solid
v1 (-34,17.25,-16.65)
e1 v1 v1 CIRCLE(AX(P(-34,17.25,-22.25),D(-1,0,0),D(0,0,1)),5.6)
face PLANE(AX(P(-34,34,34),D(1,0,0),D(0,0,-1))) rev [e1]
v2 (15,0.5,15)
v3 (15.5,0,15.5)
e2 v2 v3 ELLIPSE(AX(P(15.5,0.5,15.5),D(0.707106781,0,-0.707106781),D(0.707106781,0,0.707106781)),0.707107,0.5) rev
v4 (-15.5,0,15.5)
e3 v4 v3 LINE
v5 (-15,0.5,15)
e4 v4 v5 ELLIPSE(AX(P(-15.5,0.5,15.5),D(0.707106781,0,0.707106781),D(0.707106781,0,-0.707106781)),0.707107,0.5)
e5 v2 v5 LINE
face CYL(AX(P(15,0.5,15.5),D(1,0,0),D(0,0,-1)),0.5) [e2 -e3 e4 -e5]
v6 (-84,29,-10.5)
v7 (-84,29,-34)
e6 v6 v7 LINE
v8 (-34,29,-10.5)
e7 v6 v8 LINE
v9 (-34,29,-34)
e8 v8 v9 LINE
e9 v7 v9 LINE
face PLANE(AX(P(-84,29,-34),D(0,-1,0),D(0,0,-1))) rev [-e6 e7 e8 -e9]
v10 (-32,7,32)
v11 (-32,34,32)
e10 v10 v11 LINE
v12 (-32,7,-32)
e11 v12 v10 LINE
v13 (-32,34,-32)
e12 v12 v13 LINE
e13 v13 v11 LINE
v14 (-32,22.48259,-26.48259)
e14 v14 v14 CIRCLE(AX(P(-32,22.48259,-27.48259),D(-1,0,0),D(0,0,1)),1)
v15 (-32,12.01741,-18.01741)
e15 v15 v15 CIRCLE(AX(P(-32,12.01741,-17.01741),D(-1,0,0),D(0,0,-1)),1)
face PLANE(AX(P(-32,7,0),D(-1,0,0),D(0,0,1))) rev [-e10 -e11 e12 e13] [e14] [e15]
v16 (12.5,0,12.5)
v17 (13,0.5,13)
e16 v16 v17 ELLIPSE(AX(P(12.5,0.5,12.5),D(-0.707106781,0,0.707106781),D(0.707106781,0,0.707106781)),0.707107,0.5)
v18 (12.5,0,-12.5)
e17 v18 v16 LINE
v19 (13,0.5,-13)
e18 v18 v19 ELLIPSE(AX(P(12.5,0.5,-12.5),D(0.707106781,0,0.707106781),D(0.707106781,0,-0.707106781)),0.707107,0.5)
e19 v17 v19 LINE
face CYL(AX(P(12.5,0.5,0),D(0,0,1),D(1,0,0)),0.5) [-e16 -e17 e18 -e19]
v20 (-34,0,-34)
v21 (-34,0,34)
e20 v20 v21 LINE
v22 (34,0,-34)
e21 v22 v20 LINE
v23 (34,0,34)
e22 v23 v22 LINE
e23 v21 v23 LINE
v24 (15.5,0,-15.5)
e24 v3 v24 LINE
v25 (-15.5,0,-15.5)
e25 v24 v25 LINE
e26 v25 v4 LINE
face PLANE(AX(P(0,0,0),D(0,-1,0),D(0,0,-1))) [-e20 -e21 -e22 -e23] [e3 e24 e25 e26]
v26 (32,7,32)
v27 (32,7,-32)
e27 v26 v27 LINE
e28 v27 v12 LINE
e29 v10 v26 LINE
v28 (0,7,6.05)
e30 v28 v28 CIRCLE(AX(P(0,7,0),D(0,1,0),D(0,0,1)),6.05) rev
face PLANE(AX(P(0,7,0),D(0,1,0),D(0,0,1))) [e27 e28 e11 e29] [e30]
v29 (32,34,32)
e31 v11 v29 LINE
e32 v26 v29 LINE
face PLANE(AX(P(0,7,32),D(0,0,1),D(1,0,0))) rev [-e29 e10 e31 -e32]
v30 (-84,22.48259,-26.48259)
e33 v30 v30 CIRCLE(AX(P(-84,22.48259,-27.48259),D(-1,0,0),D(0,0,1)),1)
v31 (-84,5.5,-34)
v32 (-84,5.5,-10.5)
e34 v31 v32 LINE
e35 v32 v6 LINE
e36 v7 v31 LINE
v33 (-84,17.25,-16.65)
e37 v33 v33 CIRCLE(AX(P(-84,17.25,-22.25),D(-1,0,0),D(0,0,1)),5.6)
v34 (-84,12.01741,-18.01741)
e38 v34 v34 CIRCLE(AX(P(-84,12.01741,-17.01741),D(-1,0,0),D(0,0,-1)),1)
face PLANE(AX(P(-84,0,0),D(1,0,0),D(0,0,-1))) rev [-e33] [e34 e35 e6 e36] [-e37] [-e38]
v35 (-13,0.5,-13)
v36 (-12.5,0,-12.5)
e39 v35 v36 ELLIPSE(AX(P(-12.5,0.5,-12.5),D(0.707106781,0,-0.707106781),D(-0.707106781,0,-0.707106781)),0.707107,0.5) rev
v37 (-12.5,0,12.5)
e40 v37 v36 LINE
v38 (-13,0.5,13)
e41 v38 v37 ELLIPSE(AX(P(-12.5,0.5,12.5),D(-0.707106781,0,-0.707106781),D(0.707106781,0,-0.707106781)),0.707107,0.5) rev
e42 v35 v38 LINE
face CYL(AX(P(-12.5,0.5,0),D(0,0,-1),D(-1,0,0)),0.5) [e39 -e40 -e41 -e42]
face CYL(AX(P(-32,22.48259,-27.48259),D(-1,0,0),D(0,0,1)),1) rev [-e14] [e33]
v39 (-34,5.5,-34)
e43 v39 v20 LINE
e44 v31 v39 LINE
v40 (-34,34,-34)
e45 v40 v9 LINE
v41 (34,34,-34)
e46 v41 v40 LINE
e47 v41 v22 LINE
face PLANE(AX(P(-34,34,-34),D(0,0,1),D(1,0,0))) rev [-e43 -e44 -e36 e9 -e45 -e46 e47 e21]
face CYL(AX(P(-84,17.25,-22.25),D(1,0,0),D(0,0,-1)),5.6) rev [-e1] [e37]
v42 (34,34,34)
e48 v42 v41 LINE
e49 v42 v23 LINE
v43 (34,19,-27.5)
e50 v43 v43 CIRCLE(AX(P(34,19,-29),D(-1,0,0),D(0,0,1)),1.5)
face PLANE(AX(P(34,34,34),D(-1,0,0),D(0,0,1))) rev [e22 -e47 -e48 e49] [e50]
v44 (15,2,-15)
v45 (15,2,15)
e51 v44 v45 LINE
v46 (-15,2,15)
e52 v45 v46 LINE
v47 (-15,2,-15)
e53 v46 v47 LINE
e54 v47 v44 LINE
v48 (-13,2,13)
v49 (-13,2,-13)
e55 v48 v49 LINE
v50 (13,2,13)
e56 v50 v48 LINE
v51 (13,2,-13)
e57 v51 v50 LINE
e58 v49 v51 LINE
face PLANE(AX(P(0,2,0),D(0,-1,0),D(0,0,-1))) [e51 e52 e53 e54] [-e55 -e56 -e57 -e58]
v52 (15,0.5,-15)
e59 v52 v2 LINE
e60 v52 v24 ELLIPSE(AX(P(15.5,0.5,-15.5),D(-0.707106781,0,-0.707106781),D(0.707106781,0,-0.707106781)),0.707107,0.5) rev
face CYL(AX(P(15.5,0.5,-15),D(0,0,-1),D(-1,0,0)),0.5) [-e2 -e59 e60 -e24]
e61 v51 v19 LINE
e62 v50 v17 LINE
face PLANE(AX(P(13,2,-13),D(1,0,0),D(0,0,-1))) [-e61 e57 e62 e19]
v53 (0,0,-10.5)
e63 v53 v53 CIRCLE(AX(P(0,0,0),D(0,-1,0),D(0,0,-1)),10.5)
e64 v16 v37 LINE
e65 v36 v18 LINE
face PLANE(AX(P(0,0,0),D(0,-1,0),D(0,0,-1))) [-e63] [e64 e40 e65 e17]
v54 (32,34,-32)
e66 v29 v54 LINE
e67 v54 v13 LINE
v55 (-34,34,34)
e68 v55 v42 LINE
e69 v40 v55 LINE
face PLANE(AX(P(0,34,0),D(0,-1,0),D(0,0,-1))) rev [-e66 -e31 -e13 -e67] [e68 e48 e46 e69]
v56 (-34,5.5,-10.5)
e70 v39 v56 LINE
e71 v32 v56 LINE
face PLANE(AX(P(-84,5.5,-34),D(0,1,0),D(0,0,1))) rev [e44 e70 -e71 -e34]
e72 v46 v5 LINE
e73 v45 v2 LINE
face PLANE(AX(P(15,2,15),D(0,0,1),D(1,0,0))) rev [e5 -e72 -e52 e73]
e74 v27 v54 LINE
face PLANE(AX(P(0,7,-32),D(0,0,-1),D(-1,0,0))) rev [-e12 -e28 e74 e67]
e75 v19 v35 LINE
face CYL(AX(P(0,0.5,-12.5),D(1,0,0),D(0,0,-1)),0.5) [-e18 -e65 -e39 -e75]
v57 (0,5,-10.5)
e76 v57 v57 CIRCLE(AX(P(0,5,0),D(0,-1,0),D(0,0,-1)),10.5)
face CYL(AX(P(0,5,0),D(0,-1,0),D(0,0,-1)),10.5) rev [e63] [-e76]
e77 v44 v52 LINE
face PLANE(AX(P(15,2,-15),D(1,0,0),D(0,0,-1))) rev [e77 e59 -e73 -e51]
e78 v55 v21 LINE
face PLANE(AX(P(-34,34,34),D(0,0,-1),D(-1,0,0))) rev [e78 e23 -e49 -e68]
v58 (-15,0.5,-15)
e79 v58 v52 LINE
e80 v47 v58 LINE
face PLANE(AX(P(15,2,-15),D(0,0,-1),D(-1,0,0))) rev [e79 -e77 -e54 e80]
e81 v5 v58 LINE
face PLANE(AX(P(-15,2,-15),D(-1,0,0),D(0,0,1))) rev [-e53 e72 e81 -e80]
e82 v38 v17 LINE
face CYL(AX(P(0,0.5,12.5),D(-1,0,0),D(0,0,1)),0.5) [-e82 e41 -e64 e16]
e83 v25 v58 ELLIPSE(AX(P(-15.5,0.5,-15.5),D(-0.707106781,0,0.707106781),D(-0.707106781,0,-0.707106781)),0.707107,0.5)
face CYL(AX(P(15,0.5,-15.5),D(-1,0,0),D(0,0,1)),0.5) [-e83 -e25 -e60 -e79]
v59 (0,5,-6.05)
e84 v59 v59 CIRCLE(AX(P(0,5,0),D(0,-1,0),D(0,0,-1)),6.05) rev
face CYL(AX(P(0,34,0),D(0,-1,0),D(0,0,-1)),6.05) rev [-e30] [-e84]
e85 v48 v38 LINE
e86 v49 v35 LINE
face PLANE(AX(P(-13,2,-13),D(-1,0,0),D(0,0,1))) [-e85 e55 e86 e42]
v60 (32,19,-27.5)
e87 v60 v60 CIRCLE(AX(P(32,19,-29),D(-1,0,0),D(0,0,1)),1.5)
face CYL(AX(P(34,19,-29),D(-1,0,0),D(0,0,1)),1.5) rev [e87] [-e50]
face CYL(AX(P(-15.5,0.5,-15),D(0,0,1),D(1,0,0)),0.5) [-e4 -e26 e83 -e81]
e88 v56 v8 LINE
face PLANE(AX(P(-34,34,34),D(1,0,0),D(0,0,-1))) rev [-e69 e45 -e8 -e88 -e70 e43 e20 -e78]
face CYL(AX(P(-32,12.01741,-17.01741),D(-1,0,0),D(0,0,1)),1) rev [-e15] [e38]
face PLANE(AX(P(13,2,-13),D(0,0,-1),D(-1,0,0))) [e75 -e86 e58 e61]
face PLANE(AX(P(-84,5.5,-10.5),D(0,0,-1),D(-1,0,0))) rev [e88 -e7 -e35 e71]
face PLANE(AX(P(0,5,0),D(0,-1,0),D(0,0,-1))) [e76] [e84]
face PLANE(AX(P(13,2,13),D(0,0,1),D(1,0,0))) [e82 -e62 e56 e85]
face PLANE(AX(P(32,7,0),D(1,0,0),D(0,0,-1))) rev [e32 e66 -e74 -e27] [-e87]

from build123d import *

# Parameters (mm, degrees)
SKETCH1_W           = 68
SKETCH1_H           = 68
BOSS_EXTRUDE1_DEPTH = 34
CUT_EXTRUDE1_START  = 34
SKETCH2_W           = 64
SKETCH2_H           = 64
CUT_EXTRUDE1_DEPTH  = 27
SKETCH6_R           = 10.5
CUT_EXTRUDE10_DEPTH = 5
SKETCH7_W           = 30
SKETCH7_H           = 30
SKETCH7_W_2         = 26
SKETCH7_H_2         = 26
CUT_EXTRUDE11_DEPTH = 2
SKETCH8_R           = 1.5
CUT_EXTRUDE12_DEPTH = 3
SKETCH9_W           = 23.5
SKETCH9_H           = 23.5
SKETCH9_R           = 5.6
BOSS_EXTRUDE4_DEPTH = 50
SKETCH11_R          = 1
CUT_EXTRUDE13_DEPTH = 52
SKETCH5_R           = 6.05
CUT_EXTRUDE14_DEPTH = 35
FILLET1_R           = 0.5


with BuildPart() as part:
    # Sketch1 → Boss-Extrude1 (new body)
    with BuildSketch(Plane(origin=(0, 0, 0), x_dir=(1, 0, 0), z_dir=(0, 1, 0))):
        Rectangle(SKETCH1_W, SKETCH1_H)
    extrude(amount=BOSS_EXTRUDE1_DEPTH)

    # Sketch2 → Cut-Extrude1 (cut)
    with BuildSketch(Plane(origin=(0, 0, 0), x_dir=(1, 0, 0), z_dir=(0, 1, 0)).offset(CUT_EXTRUDE1_START)):
        Rectangle(SKETCH2_W, SKETCH2_H)
    extrude(amount=-CUT_EXTRUDE1_DEPTH, mode=Mode.SUBTRACT)

    # Sketch6 → Cut-Extrude10 (cut)
    with BuildSketch(Plane.XZ):
        Circle(SKETCH6_R)
    extrude(amount=-CUT_EXTRUDE10_DEPTH, mode=Mode.SUBTRACT)

    # Sketch7 → Cut-Extrude11 (cut)
    with BuildSketch(Plane(origin=(0, 0, 0), x_dir=(-1, 0, 0), z_dir=(0, -1, 0))):
        Rectangle(SKETCH7_W, SKETCH7_H)
        Rectangle(SKETCH7_W_2, SKETCH7_H_2, mode=Mode.SUBTRACT)
    extrude(amount=-CUT_EXTRUDE11_DEPTH, mode=Mode.SUBTRACT)

    # Sketch8 → Cut-Extrude12 (cut, through all)
    with BuildSketch(Plane.ZY.offset(-32)):
        with Locations((-29, 19)):
            Circle(SKETCH8_R)
    extrude(amount=-CUT_EXTRUDE12_DEPTH, mode=Mode.SUBTRACT)

    # Sketch9 → Boss-Extrude4 (add)
    with BuildSketch(Plane.ZY.offset(34)):
        with Locations((-22.25, 17.25)):
            Rectangle(SKETCH9_W, SKETCH9_H)
        with Locations((-22.25, 17.25)):
            Circle(SKETCH9_R, mode=Mode.SUBTRACT)
    extrude(amount=BOSS_EXTRUDE4_DEPTH)

    # Sketch11 → Cut-Extrude13 (cut)
    with BuildSketch(Plane.ZY.offset(84)):
        with Locations((-27.482590181, 22.482590181)):
            Circle(SKETCH11_R)
        with Locations((-17.017409819, 12.017409819)):
            Circle(SKETCH11_R)
    extrude(amount=-CUT_EXTRUDE13_DEPTH, mode=Mode.SUBTRACT)

    # Sketch5 → Cut-Extrude14 (cut, through all)
    with BuildSketch(Plane(origin=(0, 0, 0), x_dir=(1, 0, 0), z_dir=(0, 1, 0))):
        Circle(SKETCH5_R)
    extrude(amount=CUT_EXTRUDE14_DEPTH, mode=Mode.SUBTRACT)

    # Fillet1
    fillet1_edges = [part.edges().sort_by_distance(p)[0] for p in [
        (15, 0, 0),
        (0, 0, 15),
        (-15, 0, 0),
        (0, 0, -15),
        (13, 0, 0),
        (0, 0, -13),
        (-13, 0, 0),
        (0, 0, 13),
    ]]
    fillet(fillet1_edges, radius=FILLET1_R)


solid = part.part
